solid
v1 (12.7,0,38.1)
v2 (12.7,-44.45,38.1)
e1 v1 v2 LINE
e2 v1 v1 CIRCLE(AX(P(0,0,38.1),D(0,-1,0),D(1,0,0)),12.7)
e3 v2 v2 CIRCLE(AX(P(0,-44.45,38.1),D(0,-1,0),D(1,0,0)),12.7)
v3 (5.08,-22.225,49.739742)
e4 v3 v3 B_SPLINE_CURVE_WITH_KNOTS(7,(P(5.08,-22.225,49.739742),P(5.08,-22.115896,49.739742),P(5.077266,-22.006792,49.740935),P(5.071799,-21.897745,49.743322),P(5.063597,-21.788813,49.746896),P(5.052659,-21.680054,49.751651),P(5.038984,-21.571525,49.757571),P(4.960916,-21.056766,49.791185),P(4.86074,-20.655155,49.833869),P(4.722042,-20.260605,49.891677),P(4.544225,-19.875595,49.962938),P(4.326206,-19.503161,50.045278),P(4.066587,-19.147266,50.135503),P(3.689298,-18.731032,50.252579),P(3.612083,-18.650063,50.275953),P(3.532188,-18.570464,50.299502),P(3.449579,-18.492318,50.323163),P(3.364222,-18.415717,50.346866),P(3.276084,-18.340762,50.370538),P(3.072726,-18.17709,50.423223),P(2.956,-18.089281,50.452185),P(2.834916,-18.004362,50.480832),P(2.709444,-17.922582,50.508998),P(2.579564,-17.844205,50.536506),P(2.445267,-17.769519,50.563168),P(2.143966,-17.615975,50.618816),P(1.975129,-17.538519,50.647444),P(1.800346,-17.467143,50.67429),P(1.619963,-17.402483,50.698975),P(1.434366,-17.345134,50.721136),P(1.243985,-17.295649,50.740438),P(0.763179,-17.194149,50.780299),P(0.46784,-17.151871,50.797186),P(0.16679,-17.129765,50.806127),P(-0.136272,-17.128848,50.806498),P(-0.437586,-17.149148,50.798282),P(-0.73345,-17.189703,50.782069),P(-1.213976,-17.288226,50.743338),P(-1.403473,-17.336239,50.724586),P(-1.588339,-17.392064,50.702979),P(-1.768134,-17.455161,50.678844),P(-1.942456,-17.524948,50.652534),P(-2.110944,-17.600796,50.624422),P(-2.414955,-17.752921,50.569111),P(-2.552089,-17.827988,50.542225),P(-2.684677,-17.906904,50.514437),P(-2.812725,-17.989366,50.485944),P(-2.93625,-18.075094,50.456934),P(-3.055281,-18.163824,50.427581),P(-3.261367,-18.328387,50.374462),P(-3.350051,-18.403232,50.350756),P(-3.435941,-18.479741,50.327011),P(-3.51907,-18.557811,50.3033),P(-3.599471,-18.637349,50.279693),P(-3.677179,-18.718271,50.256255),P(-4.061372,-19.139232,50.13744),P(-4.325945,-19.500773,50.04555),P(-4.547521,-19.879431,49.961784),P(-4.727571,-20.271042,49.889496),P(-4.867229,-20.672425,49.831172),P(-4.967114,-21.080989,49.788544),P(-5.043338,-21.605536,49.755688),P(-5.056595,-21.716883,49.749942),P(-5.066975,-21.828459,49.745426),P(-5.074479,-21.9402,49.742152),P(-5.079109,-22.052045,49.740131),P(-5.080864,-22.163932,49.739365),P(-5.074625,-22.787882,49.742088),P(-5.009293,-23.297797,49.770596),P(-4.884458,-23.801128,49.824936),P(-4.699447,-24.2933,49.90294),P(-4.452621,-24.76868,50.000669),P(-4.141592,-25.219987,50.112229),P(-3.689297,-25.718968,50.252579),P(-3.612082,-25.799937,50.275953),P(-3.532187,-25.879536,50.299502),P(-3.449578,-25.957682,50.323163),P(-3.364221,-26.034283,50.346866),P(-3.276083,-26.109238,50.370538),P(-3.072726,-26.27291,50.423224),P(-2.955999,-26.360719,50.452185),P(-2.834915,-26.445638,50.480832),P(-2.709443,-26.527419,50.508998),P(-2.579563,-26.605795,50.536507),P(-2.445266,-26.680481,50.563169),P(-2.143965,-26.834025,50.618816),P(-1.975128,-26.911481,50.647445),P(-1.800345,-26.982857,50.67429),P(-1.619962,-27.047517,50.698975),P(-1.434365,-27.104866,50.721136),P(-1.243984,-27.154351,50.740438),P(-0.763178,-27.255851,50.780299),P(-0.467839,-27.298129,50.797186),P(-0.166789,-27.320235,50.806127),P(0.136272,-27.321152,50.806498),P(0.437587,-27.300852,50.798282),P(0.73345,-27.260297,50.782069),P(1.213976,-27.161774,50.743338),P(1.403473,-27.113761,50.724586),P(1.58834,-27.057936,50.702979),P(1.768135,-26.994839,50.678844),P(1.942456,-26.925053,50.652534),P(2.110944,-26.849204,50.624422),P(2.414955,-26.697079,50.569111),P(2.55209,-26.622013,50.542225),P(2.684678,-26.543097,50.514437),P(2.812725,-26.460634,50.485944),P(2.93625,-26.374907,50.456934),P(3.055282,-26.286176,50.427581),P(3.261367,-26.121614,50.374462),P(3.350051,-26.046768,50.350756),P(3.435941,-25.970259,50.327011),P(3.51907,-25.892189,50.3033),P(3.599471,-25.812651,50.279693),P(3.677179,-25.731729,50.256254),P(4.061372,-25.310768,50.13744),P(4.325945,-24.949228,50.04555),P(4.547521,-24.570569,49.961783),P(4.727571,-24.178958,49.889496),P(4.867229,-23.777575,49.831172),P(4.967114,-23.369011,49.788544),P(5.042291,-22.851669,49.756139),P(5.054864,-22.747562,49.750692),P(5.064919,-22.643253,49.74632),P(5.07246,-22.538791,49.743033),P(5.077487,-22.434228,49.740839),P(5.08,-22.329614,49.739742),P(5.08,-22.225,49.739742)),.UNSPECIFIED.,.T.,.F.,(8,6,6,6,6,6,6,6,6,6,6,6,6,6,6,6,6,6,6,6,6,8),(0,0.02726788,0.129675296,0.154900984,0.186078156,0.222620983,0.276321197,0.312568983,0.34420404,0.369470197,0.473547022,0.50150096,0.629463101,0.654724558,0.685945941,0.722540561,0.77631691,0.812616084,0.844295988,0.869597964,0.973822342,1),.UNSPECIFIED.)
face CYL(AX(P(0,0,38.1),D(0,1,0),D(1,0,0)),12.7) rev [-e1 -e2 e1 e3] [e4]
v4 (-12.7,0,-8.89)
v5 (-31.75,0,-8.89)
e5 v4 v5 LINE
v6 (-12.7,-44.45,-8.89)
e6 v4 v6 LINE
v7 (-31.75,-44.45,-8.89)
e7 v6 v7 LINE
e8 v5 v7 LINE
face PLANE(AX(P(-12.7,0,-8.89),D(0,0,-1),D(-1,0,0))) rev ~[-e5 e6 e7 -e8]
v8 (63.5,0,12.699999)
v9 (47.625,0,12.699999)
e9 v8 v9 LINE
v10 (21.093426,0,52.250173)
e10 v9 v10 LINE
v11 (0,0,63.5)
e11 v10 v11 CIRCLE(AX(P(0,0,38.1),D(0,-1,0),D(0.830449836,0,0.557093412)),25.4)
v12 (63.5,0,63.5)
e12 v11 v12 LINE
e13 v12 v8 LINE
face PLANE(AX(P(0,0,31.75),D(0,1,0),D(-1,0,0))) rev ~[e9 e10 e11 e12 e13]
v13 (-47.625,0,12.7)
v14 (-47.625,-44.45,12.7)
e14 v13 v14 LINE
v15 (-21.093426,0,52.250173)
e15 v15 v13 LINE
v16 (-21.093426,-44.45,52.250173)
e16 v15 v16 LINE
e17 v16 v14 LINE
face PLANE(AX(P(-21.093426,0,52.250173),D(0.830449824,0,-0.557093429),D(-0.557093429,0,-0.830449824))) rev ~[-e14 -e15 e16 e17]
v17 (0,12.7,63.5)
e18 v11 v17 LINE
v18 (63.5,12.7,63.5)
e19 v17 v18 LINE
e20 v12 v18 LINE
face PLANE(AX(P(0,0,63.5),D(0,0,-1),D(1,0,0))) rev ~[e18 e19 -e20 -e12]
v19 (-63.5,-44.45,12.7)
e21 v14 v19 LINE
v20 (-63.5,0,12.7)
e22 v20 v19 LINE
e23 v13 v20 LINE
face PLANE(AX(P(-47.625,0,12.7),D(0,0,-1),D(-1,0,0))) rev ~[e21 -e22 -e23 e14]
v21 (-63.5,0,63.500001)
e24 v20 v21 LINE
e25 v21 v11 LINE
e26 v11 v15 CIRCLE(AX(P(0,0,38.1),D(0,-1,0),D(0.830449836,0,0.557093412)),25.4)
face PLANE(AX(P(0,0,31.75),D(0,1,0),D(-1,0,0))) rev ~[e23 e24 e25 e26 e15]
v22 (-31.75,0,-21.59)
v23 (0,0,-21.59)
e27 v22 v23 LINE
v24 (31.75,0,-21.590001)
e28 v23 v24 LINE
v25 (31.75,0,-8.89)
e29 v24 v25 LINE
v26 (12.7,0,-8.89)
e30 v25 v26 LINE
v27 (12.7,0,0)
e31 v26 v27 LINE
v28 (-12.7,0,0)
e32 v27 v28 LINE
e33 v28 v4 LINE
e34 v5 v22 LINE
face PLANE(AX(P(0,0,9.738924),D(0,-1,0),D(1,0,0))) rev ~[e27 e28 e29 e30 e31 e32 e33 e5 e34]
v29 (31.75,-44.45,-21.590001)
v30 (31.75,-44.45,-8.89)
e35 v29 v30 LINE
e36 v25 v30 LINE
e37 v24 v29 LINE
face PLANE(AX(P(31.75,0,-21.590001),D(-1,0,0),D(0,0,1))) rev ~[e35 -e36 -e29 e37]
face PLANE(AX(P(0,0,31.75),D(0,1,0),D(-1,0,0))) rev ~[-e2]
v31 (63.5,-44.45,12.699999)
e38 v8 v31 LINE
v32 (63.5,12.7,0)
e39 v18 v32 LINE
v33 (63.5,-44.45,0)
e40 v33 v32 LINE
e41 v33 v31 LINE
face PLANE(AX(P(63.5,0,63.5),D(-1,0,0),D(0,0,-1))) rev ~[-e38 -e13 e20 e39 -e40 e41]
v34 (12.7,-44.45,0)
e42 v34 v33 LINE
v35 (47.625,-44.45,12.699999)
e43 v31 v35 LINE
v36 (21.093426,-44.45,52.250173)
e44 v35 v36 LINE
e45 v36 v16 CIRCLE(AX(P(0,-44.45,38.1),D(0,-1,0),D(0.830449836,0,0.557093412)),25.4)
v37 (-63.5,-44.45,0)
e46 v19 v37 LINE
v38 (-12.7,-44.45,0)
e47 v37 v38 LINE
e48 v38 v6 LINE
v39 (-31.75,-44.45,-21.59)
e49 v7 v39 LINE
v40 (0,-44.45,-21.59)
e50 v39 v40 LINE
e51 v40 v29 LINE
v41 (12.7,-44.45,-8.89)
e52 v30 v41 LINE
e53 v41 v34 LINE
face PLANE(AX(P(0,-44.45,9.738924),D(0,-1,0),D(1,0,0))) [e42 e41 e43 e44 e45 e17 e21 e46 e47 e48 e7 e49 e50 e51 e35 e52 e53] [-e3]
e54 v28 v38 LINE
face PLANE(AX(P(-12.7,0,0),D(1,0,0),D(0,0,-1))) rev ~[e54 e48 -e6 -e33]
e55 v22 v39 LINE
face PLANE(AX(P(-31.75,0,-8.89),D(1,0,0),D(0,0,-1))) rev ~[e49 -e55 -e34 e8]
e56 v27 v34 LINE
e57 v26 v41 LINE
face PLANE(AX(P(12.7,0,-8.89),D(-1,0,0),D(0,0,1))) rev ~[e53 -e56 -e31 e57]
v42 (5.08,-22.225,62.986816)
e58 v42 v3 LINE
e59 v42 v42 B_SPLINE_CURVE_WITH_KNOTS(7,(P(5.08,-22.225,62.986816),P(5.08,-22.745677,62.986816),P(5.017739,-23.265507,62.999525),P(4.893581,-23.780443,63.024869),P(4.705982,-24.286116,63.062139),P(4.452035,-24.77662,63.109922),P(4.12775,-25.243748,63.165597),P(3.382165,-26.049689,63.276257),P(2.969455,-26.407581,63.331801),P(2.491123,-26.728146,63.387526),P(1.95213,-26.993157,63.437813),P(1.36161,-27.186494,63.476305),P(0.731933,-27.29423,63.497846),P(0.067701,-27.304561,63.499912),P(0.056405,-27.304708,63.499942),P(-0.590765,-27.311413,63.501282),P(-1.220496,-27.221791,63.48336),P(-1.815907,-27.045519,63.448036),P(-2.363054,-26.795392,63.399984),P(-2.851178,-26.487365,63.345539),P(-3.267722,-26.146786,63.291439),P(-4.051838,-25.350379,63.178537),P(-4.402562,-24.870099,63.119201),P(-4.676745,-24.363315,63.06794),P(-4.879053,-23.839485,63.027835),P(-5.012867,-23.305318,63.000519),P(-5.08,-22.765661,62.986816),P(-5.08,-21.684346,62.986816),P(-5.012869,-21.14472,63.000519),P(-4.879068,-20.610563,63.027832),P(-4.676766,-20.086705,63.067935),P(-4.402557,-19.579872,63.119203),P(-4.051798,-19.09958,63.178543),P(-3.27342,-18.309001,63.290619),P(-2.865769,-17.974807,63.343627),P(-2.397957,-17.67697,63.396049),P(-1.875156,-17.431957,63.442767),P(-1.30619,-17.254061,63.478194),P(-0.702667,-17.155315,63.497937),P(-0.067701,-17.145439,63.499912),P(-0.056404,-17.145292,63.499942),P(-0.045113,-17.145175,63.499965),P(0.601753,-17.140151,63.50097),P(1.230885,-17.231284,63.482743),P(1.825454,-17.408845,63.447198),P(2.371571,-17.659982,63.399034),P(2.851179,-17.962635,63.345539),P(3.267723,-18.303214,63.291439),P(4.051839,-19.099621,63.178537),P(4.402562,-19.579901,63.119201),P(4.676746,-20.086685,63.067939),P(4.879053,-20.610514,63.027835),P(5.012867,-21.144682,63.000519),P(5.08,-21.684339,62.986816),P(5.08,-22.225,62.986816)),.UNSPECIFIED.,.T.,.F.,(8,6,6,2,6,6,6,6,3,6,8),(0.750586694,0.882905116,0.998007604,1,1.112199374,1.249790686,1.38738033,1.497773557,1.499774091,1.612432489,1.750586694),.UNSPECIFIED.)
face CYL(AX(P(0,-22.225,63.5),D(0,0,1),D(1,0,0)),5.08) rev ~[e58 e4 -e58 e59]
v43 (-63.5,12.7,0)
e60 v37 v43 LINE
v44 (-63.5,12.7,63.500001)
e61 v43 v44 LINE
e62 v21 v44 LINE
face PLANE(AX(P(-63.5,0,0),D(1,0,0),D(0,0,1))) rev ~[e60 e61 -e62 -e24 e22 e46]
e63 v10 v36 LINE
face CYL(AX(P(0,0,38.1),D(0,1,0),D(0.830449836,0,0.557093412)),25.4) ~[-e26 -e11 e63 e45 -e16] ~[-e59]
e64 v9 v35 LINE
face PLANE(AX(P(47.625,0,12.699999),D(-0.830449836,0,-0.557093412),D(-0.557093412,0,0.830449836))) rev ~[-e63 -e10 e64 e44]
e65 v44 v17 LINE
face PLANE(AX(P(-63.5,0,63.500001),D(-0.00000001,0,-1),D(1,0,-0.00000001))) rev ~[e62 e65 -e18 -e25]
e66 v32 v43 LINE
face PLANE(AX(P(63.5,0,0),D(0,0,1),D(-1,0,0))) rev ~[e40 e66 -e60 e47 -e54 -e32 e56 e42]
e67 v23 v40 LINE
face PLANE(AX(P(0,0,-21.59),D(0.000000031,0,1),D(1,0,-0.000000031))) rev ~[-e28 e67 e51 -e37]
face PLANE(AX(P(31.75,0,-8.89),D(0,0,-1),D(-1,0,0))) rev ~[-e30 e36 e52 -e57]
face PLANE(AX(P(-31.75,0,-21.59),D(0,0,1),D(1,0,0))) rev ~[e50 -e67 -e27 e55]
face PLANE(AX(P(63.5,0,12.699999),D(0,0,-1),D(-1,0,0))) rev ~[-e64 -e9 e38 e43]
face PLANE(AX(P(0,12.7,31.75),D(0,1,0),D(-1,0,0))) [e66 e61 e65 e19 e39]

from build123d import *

# Parameters (mm, degrees)
F0_R     = 12.7
F1_DEPTH = 44.45
F3_DEPTH = 12.7
F4_R     = 5.08
F5_DEPTH = 14.7602579501


with BuildPart() as f1:
    # F0 (on Front) → F1 (new body)
    with BuildSketch(Plane.XZ):
        with BuildLine():
            Line((-31.75, -21.59), (0, -21.59))
            Line((0, -21.59), (31.75, -21.5900009905))
            Line((31.75, -21.5900009905), (31.75, -8.89))
            Line((31.75, -8.89), (12.7, -8.89))
            Line((12.7, -8.89), (12.7, 0))
            Line((12.7, 0), (63.4999997359, 0))
            Line((63.4999997359, 0), (63.4999997359, 12.6999990095))
            Line((63.4999997359, 12.6999990095), (47.6249997359, 12.6999990095))
            Line((47.6249997359, 12.6999990095), (21.0934258346, 52.2501726688))
            ThreePointArc((21.0934258346, 52.2501726688), (2.641e-07, 63.5), (-21.0934255404, 52.2501731075))
            Line((-21.0934255404, 52.2501731075), (-47.6250002641, 12.7))
            Line((-47.6250002641, 12.7), (-63.5000002641, 12.7))
            Line((-63.5000002641, 12.7), (-63.5000002641, 0))
            Line((-63.5000002641, 0), (-12.7, 0))
            Line((-12.7, 0), (-12.7, -8.89))
            Line((-12.7, -8.89), (-31.75, -8.89))
            Line((-31.75, -8.89), (-31.75, -21.59))
        make_face()
        with Locations((0, 38.1)):
            Circle(F0_R, mode=Mode.SUBTRACT)
    extrude(amount=F1_DEPTH)

    # F2 (on face) → F3 (join)
    with BuildSketch(Plane(origin=(0, 0, 0), x_dir=(-1, 0, 0), z_dir=(0, 1, 0))):
        Polygon((-63.4999997359, 63.5), (-63.4999997359, 0), (63.5000002641, 0), (63.5000002641, 12.7), (63.5000002641, 63.5000006603), (-2.641e-07, 63.5), align=None)
    extrude(amount=F3_DEPTH)

    # F4 (on face) → F5 (cut, up to face)
    with BuildSketch(Plane.XY.offset(63.5)):
        with Locations((2.641e-07, -22.225)):
            Circle(F4_R)
    extrude(amount=-F5_DEPTH, mode=Mode.SUBTRACT)


solid = f1.part
